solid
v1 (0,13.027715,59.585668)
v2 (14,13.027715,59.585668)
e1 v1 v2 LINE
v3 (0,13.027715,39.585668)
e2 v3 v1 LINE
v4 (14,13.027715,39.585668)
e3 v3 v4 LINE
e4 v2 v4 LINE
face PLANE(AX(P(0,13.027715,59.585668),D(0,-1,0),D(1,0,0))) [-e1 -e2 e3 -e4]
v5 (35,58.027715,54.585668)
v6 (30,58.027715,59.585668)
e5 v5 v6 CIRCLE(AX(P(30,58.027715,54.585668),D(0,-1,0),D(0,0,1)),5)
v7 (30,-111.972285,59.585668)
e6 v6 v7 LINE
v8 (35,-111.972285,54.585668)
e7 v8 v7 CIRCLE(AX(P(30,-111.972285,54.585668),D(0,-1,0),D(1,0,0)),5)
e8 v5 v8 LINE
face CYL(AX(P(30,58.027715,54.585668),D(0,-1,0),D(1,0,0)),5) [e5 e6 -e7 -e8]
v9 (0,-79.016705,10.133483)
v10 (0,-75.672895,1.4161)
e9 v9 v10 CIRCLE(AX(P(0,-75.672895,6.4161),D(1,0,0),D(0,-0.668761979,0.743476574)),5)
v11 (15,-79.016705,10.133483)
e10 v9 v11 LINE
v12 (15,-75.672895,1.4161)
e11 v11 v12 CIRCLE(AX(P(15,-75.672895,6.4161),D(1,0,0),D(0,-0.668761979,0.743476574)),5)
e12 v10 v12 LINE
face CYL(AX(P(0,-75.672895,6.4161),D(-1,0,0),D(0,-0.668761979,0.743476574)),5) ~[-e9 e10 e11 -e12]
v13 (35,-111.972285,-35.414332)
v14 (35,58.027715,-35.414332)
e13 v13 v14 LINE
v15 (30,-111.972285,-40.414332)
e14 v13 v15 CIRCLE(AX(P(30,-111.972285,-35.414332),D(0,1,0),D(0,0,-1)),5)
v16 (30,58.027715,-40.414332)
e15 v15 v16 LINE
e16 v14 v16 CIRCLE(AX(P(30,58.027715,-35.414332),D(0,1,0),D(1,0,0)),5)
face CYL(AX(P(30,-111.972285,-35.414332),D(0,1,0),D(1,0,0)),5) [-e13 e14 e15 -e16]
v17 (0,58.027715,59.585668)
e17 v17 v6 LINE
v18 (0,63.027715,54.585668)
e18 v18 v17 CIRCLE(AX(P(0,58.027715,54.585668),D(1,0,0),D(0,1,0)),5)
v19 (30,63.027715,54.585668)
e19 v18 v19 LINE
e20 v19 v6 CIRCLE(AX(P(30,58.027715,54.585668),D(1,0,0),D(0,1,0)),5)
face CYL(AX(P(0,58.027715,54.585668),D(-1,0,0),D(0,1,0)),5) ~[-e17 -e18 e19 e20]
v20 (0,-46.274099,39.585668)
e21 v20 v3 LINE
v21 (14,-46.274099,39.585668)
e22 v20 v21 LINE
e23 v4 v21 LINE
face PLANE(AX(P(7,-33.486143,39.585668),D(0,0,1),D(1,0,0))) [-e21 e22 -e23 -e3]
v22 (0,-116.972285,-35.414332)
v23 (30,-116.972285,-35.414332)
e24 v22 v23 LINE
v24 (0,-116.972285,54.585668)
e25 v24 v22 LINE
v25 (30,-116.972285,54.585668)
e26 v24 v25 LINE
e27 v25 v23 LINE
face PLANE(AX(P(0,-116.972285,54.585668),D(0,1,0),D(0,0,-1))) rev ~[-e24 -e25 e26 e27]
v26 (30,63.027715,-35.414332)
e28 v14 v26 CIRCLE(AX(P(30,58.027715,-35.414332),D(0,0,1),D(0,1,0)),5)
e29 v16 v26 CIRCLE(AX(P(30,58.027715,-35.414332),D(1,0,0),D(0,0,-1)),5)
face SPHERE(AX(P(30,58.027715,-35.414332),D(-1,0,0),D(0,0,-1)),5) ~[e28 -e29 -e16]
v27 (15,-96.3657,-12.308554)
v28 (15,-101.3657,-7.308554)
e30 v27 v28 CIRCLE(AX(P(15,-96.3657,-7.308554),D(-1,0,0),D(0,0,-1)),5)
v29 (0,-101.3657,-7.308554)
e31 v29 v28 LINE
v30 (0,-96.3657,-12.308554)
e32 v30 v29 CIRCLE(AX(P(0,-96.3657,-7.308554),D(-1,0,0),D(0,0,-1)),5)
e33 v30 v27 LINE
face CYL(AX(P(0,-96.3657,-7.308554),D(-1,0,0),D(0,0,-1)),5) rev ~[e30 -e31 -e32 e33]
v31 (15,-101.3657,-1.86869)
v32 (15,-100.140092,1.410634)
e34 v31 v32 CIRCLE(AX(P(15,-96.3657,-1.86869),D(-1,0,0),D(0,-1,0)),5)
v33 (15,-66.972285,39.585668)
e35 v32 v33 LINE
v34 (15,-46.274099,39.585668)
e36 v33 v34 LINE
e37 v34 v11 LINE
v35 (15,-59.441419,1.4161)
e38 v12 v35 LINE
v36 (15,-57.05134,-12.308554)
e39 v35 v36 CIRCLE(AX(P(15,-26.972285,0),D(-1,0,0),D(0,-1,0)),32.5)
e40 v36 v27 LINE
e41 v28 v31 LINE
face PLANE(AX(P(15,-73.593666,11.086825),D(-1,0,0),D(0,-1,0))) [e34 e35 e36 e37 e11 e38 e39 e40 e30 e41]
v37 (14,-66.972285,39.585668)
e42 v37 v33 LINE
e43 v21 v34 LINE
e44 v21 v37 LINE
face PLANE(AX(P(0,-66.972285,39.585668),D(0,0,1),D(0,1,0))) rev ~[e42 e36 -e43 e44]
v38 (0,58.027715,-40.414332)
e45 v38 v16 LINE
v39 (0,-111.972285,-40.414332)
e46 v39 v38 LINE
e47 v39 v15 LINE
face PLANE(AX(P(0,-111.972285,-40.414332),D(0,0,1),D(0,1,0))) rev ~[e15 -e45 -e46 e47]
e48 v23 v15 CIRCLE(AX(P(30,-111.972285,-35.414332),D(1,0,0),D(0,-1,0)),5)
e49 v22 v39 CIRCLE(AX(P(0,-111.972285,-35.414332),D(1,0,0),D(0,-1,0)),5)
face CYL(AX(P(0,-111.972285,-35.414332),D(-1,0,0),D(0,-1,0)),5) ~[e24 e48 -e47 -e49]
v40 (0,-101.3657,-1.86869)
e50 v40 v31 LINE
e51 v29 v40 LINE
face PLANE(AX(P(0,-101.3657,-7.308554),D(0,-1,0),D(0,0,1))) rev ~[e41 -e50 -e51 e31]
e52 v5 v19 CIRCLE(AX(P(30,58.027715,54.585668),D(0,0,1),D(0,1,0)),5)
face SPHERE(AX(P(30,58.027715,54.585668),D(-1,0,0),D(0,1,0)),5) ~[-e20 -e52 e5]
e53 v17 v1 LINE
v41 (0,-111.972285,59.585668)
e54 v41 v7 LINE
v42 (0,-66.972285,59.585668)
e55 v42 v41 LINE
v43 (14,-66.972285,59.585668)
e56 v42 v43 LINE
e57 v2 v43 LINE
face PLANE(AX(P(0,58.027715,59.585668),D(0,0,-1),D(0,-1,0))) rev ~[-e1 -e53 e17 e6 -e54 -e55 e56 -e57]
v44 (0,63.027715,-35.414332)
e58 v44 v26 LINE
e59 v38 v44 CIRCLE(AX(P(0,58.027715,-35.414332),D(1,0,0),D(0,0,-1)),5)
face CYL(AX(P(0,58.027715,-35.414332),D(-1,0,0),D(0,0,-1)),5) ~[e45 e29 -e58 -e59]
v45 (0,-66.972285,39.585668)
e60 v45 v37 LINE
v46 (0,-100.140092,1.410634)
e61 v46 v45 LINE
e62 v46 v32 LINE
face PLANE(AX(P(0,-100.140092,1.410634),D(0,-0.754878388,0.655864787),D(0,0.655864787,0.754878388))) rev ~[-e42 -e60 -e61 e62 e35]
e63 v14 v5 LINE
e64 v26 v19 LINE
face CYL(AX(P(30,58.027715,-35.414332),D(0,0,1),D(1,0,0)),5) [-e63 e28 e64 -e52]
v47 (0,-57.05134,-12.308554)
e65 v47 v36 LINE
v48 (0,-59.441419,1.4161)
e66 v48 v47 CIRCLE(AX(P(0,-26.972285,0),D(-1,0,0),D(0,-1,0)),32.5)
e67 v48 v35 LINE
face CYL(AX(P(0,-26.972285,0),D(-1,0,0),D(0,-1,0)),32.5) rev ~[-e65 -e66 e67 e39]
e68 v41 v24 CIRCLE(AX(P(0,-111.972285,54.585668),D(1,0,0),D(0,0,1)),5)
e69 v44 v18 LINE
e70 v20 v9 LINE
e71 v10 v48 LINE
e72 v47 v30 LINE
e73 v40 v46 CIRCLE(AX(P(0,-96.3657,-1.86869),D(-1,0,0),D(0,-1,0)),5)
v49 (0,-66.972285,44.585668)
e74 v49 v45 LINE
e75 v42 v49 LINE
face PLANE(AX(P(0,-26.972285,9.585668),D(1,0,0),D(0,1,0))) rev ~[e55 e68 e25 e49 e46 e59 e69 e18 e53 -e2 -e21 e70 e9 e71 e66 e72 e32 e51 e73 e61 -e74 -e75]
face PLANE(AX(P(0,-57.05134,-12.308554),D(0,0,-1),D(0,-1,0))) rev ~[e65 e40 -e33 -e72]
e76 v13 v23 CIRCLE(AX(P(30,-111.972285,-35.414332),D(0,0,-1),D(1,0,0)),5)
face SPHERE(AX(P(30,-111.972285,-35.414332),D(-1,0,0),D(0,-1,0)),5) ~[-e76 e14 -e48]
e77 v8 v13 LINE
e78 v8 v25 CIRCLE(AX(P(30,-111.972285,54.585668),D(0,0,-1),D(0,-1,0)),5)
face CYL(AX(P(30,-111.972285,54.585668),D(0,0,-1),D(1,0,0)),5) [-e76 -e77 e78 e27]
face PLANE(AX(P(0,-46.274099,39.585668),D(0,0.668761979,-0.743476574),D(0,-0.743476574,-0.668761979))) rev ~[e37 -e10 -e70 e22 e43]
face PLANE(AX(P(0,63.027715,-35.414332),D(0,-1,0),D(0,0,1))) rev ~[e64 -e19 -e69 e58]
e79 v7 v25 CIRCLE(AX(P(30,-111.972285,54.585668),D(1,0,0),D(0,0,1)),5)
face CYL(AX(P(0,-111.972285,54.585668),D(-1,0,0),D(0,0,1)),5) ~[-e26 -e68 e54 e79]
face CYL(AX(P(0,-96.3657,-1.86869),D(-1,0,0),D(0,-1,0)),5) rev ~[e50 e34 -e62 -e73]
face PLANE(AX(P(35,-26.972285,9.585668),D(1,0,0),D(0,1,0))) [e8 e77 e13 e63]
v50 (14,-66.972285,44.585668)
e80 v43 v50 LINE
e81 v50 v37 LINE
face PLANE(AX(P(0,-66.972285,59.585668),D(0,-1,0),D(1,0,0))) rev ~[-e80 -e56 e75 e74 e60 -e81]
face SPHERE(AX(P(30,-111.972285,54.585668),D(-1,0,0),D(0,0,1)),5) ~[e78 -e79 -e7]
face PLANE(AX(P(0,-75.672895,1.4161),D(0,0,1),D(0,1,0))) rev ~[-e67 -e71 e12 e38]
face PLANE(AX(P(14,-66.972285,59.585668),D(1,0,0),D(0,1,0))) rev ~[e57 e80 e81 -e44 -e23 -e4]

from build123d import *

# Parameters (mm, degrees)
F1_DEPTH  = 35
F2_W      = 14
F2_H      = 80
F3_DEPTH  = 15
F4_R      = 32.5
F5_DEPTH  = 15
F6_W      = 14
F6_H      = 66.9722852701
F7_DEPTH  = 20
F8_DEPTH  = 5
F9_R      = 5
F11_DEPTH = 15


with BuildPart() as f1:
    # F0 (on Right) → F1 (new body)
    with BuildSketch(Plane.YZ):
        with BuildLine():
            Line((58.0277147299, 59.5856680407), (-111.9722852701, 59.5856680407))
            ThreePointArc((-111.9722852701, 59.5856680407), (-115.507819176, 58.1212019466), (-116.9722852701, 54.5856680407))
            Line((-116.9722852701, 54.5856680407), (-116.9722852701, -35.4143319593))
            ThreePointArc((-116.9722852701, -35.4143319593), (-115.507819176, -38.9498658653), (-111.9722852701, -40.4143319593))
            Line((-111.9722852701, -40.4143319593), (58.0277147299, -40.4143319593))
            ThreePointArc((58.0277147299, -40.4143319593), (61.5632486359, -38.9498658653), (63.0277147299, -35.4143319593))
            Line((63.0277147299, -35.4143319593), (63.0277147299, 54.5856680407))
            ThreePointArc((63.0277147299, 54.5856680407), (61.5632486359, 58.1212019466), (58.0277147299, 59.5856680407))
        make_face()
    extrude(amount=F1_DEPTH)

    # F2 (on face) → F3 (cut)
    with BuildSketch(Plane.XY.offset(59.5856680407)):
        with Locations((7, -26.9722852701)):
            Rectangle(F2_W, F2_H)
    extrude(amount=-F3_DEPTH, mode=Mode.SUBTRACT)

    # F4 (on face) → F5 (cut)
    with BuildSketch(Plane(origin=(0, 0, 0), x_dir=(0, -1, 0), z_dir=(-1, 0, 0))):
        with Locations((26.9722852701, 0)):
            Circle(F4_R)
    extrude(amount=-F5_DEPTH, mode=Mode.SUBTRACT)

    # F6 (on face) → F7 (cut)
    with BuildSketch(Plane.XY.offset(59.5856680407)):
        with Locations((7, -33.486142635)):
            Rectangle(F6_W, F6_H)
    extrude(amount=-F7_DEPTH, mode=Mode.SUBTRACT)

    # F8 (cut): a face of the model
    f8_faces = [f1.faces().sort_by_distance(p)[0] for p in [
        (7, 6.513857365, 44.5856680407),
    ]]
    extrude(f8_faces, amount=-F8_DEPTH, mode=Mode.SUBTRACT)

    # F9
    f9_edges = [f1.edges().sort_by_distance(p)[0] for p in [
        (35, 61.563249, 58.121202),
        (35, -26.972285, 59.585668),
        (35, -115.507819, 58.121202),
        (35, -116.972285, 9.585668),
        (35, -115.507819, -38.949866),
        (35, -26.972285, -40.414332),
        (35, 61.563249, -38.949866),
        (35, 63.027715, 9.585668),
    ]]
    fillet(f9_edges, radius=F9_R)

    # F10 (on face) → F11 (cut)
    with BuildSketch(Plane(origin=(0, 0, 0), x_dir=(0, -1, 0), z_dir=(-1, 0, 0))):
        with BuildLine():
            Line((100.1400923047, 1.4106337988), (66.9722852701, 39.5856680407))
            Line((66.9722852701, 39.5856680407), (46.274099499, 39.5856680407))
            Line((46.274099499, 39.5856680407), (79.0167047111, 10.1334832275))
            ThreePointArc((79.0167047111, 10.1334832275), (80.3412411164, 4.6254181345), (75.672894817, 1.4161003589))
            Line((75.672894817, 1.4161003589), (59.4414192248, 1.4161003589))
            ThreePointArc((59.4414192248, 1.4161003589), (59.4645678425, 0.7082183525), (59.4722852701, 0))
            ThreePointArc((59.4722852701, 0), (58.8613058145, -6.2721901054), (57.0513395028, -12.3085537925))
            Line((57.0513395028, -12.3085537925), (96.3657003641, -12.3085537925))
            ThreePointArc((96.3657003641, -12.3085537925), (99.90123427, -10.8440876985), (101.3657003641, -7.3085537925))
            Line((101.3657003641, -7.3085537925), (101.3657003641, -1.8686901374))
            ThreePointArc((101.3657003641, -1.8686901374), (101.049286581, -0.1182558632), (100.1400923047, 1.4106337988))
        make_face()
    extrude(amount=-F11_DEPTH, mode=Mode.SUBTRACT)


solid = f1.part
